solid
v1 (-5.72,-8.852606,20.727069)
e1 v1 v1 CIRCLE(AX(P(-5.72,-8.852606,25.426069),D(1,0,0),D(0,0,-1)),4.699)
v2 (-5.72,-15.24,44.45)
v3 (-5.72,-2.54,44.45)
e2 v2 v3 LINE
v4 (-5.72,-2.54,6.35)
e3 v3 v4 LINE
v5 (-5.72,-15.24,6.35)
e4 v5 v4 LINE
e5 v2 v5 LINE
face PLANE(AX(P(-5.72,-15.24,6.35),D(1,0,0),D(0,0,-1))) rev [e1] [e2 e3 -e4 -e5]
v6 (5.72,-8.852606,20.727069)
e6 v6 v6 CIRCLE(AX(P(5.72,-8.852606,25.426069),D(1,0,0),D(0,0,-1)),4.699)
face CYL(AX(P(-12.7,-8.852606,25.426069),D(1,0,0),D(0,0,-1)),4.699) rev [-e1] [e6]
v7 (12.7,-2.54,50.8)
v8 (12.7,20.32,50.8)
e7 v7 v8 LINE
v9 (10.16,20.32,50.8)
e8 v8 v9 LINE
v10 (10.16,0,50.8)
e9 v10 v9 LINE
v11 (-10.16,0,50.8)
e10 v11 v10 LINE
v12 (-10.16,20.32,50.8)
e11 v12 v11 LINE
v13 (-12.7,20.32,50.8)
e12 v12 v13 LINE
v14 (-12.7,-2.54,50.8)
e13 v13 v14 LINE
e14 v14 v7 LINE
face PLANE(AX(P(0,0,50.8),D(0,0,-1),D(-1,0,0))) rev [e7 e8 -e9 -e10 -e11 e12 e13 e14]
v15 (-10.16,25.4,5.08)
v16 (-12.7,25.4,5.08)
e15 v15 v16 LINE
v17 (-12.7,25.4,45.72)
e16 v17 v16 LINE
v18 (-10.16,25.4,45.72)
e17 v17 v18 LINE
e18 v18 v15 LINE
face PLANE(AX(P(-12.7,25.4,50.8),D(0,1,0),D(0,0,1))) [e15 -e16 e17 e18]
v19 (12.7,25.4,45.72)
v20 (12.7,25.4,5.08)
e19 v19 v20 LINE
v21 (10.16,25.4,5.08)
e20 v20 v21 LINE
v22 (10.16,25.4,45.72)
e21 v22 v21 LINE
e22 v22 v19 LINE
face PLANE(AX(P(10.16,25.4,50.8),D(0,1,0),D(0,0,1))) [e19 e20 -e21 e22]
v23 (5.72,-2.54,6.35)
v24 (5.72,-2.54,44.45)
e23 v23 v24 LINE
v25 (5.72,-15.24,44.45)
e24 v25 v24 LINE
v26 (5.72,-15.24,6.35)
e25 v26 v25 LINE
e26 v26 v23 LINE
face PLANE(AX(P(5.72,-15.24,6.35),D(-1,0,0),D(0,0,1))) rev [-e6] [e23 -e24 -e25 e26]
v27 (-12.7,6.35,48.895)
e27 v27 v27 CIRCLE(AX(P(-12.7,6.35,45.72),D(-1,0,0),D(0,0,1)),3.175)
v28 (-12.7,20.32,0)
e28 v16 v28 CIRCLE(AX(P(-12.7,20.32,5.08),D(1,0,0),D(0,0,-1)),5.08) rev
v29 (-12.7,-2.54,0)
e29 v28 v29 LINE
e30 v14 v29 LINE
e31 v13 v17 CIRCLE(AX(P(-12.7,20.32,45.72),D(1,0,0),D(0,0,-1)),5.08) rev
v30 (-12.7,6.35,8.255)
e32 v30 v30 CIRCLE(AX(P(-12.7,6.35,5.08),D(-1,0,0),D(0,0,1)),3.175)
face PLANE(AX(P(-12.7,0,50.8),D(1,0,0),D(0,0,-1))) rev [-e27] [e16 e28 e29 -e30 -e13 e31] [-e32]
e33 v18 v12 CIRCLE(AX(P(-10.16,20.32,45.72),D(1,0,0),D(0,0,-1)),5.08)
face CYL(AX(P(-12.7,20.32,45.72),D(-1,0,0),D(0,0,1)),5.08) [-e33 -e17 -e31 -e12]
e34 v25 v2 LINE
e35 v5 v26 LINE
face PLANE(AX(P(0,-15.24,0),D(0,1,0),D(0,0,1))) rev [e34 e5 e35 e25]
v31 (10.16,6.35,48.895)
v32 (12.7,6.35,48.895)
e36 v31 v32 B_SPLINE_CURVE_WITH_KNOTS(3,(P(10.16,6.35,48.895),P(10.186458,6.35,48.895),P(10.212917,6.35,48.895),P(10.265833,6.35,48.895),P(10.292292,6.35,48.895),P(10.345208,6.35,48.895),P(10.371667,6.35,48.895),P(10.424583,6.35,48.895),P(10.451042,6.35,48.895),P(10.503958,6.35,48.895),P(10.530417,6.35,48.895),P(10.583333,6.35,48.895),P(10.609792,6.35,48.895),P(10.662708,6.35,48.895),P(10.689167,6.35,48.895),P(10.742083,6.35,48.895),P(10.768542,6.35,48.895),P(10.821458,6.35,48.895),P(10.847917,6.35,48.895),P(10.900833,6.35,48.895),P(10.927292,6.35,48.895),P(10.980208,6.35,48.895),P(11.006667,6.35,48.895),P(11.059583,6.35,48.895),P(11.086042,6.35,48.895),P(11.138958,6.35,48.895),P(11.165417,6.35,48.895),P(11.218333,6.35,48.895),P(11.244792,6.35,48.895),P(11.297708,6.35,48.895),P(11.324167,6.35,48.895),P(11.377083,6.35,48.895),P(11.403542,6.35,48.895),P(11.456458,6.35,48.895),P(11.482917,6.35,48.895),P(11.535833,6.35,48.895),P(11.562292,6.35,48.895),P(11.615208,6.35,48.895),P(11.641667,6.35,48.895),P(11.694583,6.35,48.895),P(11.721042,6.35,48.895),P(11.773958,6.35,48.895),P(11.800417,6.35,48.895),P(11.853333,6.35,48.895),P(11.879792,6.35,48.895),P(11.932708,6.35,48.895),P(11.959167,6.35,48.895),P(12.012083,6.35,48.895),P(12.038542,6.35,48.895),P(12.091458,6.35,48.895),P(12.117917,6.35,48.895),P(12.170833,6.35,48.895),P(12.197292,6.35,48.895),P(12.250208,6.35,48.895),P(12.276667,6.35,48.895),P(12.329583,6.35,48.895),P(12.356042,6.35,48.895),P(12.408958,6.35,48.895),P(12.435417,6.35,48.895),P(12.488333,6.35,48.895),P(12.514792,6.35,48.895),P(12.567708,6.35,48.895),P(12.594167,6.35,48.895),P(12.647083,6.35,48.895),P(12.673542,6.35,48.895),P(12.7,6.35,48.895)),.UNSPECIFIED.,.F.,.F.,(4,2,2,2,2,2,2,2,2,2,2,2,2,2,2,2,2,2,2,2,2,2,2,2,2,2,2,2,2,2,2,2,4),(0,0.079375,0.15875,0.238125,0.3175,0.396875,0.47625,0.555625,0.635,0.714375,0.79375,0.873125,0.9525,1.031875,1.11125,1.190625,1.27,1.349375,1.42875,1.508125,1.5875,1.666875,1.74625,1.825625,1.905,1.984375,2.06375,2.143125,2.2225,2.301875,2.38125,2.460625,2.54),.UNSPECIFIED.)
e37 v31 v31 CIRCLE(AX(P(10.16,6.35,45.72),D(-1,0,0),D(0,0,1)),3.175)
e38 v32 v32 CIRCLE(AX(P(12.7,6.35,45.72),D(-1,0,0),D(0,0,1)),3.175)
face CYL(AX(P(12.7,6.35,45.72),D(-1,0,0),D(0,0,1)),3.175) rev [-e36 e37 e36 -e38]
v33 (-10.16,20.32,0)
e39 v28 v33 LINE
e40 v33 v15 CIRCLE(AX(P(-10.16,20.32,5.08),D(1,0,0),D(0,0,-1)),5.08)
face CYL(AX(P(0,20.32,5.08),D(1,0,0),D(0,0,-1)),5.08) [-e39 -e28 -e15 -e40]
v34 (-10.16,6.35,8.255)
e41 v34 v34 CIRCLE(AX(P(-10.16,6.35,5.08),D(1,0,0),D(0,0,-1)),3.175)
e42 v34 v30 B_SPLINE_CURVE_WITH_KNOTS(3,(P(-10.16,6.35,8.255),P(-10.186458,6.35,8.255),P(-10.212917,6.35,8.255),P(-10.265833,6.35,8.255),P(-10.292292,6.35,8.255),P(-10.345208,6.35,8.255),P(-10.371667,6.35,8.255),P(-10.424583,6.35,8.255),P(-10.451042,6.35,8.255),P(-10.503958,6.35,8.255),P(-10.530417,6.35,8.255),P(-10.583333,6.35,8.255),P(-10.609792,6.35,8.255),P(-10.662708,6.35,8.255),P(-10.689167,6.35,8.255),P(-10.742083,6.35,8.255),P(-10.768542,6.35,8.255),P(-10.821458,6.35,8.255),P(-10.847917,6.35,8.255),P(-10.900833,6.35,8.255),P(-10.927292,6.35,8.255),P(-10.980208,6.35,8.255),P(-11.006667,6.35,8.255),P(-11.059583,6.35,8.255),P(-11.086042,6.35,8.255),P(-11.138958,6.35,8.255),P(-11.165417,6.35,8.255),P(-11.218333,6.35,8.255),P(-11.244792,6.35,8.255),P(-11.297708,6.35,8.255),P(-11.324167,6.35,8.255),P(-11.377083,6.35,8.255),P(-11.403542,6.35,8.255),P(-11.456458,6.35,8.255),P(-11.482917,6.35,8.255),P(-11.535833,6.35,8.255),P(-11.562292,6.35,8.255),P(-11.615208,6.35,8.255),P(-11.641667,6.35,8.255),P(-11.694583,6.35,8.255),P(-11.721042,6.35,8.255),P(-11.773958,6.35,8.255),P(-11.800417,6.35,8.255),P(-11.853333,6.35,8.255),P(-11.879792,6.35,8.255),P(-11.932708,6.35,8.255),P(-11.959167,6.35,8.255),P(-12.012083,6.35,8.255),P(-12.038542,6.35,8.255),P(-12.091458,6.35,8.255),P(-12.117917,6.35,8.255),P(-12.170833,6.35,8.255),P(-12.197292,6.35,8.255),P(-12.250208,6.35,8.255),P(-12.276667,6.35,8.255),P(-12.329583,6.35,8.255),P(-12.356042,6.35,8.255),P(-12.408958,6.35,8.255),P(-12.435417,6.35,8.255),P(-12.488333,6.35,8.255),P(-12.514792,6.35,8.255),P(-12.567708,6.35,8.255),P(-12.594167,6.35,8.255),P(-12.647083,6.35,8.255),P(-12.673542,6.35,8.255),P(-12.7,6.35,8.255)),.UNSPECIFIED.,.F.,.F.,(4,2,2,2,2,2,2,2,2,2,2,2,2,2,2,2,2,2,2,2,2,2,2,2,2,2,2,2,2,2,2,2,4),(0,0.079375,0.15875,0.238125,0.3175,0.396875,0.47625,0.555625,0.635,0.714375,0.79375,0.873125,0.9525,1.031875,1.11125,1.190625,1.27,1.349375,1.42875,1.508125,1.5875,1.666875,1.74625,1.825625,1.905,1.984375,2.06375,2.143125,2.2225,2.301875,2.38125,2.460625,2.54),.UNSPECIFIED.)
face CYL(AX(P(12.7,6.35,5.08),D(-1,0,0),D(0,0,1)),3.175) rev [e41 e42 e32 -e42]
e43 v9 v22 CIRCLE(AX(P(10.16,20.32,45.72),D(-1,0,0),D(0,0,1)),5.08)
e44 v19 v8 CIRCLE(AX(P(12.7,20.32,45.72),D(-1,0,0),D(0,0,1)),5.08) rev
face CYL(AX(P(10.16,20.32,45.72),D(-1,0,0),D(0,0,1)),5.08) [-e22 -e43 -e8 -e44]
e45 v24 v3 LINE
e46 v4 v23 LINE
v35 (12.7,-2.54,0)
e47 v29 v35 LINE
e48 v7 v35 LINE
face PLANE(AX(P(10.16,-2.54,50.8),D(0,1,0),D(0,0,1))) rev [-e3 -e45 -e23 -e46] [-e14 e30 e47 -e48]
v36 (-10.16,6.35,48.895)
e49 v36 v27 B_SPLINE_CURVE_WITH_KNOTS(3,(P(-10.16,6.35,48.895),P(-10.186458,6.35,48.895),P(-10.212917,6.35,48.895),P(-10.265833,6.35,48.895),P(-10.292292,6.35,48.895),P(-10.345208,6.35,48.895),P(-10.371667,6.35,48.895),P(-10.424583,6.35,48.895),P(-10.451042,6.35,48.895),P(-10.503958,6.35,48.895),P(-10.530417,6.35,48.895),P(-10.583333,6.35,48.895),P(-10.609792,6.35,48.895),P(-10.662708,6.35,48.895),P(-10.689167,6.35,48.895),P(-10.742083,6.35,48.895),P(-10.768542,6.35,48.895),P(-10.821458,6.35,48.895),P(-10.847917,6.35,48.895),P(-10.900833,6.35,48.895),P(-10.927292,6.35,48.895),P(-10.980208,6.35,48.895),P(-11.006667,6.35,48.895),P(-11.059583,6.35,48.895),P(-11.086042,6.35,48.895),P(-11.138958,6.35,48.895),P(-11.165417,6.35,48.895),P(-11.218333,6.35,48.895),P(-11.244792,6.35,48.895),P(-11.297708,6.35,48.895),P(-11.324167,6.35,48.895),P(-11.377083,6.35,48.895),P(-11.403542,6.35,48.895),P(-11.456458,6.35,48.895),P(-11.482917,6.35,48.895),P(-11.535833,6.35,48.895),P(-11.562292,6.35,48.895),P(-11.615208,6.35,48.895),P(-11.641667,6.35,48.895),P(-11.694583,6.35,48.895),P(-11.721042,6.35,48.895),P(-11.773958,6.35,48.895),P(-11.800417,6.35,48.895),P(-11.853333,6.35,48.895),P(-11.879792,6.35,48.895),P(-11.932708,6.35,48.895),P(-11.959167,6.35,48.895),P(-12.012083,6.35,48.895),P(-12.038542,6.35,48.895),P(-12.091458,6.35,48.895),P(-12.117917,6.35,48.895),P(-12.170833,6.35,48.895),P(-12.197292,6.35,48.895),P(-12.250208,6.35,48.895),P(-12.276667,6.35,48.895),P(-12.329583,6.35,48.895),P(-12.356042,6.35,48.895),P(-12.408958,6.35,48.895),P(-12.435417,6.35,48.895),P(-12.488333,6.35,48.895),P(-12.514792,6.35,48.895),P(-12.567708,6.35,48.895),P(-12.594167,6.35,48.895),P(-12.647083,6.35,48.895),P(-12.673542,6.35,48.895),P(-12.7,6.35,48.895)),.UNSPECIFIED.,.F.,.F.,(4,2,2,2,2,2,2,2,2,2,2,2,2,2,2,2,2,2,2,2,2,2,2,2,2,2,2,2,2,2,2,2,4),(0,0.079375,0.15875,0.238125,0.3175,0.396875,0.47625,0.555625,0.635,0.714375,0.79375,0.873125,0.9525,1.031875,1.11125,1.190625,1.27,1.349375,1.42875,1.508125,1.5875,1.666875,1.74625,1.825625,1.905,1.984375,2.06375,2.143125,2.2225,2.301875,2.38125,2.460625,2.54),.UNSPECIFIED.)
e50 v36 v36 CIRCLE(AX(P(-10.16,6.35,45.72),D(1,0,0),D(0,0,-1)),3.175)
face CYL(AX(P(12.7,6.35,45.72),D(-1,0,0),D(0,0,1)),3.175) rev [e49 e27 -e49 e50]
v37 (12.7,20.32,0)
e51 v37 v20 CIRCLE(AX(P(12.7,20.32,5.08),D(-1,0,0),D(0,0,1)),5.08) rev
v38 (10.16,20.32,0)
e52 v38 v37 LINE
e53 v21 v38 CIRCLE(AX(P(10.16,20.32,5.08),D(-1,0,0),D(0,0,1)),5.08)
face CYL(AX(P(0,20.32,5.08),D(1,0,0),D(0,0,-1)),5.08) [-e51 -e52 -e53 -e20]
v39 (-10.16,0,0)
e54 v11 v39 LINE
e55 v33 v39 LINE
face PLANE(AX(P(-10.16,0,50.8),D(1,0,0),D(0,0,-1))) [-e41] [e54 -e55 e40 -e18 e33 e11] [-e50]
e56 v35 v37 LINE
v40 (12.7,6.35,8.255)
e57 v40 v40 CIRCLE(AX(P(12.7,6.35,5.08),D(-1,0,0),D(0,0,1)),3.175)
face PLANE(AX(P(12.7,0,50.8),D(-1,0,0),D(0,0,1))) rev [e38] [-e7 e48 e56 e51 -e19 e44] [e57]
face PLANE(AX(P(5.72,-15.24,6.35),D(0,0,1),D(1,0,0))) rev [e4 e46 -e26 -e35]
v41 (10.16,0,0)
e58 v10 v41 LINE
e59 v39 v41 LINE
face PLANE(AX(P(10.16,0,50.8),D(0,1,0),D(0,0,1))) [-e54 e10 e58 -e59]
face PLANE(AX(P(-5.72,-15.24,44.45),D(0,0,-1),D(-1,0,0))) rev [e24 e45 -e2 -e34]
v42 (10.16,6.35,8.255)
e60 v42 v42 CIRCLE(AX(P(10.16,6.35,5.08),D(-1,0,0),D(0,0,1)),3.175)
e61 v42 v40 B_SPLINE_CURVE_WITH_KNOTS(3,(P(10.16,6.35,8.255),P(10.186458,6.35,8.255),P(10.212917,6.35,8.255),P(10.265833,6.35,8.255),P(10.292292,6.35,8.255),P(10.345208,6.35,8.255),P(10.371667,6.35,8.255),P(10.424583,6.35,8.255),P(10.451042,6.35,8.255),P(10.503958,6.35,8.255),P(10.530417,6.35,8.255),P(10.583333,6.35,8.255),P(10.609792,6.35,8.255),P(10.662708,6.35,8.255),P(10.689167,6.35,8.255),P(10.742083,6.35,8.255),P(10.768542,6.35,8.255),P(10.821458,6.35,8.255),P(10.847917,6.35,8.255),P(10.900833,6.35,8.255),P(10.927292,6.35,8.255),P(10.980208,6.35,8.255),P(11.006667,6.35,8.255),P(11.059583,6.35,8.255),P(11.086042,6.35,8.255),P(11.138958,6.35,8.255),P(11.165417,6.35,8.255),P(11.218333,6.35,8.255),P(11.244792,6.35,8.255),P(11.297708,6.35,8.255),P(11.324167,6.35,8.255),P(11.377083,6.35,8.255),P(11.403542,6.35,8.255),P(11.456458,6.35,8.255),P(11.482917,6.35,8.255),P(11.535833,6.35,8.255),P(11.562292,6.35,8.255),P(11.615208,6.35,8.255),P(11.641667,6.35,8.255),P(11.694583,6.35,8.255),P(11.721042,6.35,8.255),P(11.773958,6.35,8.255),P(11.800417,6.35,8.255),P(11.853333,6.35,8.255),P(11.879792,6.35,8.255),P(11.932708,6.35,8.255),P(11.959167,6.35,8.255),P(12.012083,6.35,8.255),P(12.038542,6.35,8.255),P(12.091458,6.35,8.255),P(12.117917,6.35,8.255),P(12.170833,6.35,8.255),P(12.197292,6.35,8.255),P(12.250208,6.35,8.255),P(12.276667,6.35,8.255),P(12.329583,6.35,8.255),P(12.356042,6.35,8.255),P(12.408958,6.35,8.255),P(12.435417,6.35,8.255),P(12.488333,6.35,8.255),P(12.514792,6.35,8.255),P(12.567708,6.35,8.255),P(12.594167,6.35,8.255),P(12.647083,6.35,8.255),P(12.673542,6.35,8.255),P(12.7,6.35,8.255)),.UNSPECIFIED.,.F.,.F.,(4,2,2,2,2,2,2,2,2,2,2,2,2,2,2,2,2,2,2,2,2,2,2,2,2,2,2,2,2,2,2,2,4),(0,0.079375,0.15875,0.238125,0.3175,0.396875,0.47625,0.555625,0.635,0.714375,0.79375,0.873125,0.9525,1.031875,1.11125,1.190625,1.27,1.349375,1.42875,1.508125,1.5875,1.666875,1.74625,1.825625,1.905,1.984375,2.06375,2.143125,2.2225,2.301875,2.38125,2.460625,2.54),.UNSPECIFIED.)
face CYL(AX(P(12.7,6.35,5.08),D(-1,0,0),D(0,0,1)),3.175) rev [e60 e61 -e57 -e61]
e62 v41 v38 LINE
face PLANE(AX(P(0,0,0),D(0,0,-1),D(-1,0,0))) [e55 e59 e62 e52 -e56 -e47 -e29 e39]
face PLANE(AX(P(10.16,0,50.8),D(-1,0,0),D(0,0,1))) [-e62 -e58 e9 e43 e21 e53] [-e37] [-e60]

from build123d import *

# Parameters (mm, degrees)
EXTRUDE_THIN1_DEPTH = 50.8
FILLET1_R           = 5.08
SKETCH2_R           = 3.175
CUT_EXTRUDE1_DEPTH  = 63.217039467
SKETCH3_W           = 11.44
SKETCH3_H           = 38.1
BOSS_EXTRUDE1_DEPTH = 12.7
SKETCH4_R           = 4.699
CUT_EXTRUDE2_DEPTH  = 60.708428216


with BuildPart() as part:
    # Sketch1 → Extrude-Thin1 (new body)
    with BuildSketch(Plane.XY):
        Polygon((10.16, 25.4), (10.16, 0), (-10.16, 0), (-10.16, 25.4), (-12.7, 25.4), (-12.7, -2.54), (12.7, -2.54), (12.7, 25.4), align=None)
    extrude(amount=EXTRUDE_THIN1_DEPTH)

    # Fillet1
    fillet1_edges = [part.edges().sort_by_distance(p)[0] for p in [
        (-11.43, 25.4, 50.8),
        (-11.43, 25.4, 0),
        (11.43, 25.4, 50.8),
        (11.43, 25.4, 0),
    ]]
    fillet(fillet1_edges, radius=FILLET1_R)

    # Sketch2 → Cut-Extrude1 (cut, through all)
    with BuildSketch(Plane.ZY.offset(12.7)):
        with Locations((45.72, 6.35)):
            Circle(SKETCH2_R)
        with Locations((5.08, 6.35)):
            Circle(SKETCH2_R)
    extrude(amount=-CUT_EXTRUDE1_DEPTH, mode=Mode.SUBTRACT)

    # Sketch3 → Boss-Extrude1 (add)
    with BuildSketch(Plane.XZ.offset(2.54)):
        with Locations((0, 25.4)):
            Rectangle(SKETCH3_W, SKETCH3_H)
    extrude(amount=BOSS_EXTRUDE1_DEPTH)

    # Sketch4 → Cut-Extrude2 (cut, through all)
    with BuildSketch(Plane(origin=(5.72, 0, 0), x_dir=(0, 0, -1), z_dir=(1, 0, 0))):
        with Locations((-25.426069342, -8.852606466)):
            Circle(SKETCH4_R)
    extrude(amount=-CUT_EXTRUDE2_DEPTH, mode=Mode.SUBTRACT)


solid = part.part
